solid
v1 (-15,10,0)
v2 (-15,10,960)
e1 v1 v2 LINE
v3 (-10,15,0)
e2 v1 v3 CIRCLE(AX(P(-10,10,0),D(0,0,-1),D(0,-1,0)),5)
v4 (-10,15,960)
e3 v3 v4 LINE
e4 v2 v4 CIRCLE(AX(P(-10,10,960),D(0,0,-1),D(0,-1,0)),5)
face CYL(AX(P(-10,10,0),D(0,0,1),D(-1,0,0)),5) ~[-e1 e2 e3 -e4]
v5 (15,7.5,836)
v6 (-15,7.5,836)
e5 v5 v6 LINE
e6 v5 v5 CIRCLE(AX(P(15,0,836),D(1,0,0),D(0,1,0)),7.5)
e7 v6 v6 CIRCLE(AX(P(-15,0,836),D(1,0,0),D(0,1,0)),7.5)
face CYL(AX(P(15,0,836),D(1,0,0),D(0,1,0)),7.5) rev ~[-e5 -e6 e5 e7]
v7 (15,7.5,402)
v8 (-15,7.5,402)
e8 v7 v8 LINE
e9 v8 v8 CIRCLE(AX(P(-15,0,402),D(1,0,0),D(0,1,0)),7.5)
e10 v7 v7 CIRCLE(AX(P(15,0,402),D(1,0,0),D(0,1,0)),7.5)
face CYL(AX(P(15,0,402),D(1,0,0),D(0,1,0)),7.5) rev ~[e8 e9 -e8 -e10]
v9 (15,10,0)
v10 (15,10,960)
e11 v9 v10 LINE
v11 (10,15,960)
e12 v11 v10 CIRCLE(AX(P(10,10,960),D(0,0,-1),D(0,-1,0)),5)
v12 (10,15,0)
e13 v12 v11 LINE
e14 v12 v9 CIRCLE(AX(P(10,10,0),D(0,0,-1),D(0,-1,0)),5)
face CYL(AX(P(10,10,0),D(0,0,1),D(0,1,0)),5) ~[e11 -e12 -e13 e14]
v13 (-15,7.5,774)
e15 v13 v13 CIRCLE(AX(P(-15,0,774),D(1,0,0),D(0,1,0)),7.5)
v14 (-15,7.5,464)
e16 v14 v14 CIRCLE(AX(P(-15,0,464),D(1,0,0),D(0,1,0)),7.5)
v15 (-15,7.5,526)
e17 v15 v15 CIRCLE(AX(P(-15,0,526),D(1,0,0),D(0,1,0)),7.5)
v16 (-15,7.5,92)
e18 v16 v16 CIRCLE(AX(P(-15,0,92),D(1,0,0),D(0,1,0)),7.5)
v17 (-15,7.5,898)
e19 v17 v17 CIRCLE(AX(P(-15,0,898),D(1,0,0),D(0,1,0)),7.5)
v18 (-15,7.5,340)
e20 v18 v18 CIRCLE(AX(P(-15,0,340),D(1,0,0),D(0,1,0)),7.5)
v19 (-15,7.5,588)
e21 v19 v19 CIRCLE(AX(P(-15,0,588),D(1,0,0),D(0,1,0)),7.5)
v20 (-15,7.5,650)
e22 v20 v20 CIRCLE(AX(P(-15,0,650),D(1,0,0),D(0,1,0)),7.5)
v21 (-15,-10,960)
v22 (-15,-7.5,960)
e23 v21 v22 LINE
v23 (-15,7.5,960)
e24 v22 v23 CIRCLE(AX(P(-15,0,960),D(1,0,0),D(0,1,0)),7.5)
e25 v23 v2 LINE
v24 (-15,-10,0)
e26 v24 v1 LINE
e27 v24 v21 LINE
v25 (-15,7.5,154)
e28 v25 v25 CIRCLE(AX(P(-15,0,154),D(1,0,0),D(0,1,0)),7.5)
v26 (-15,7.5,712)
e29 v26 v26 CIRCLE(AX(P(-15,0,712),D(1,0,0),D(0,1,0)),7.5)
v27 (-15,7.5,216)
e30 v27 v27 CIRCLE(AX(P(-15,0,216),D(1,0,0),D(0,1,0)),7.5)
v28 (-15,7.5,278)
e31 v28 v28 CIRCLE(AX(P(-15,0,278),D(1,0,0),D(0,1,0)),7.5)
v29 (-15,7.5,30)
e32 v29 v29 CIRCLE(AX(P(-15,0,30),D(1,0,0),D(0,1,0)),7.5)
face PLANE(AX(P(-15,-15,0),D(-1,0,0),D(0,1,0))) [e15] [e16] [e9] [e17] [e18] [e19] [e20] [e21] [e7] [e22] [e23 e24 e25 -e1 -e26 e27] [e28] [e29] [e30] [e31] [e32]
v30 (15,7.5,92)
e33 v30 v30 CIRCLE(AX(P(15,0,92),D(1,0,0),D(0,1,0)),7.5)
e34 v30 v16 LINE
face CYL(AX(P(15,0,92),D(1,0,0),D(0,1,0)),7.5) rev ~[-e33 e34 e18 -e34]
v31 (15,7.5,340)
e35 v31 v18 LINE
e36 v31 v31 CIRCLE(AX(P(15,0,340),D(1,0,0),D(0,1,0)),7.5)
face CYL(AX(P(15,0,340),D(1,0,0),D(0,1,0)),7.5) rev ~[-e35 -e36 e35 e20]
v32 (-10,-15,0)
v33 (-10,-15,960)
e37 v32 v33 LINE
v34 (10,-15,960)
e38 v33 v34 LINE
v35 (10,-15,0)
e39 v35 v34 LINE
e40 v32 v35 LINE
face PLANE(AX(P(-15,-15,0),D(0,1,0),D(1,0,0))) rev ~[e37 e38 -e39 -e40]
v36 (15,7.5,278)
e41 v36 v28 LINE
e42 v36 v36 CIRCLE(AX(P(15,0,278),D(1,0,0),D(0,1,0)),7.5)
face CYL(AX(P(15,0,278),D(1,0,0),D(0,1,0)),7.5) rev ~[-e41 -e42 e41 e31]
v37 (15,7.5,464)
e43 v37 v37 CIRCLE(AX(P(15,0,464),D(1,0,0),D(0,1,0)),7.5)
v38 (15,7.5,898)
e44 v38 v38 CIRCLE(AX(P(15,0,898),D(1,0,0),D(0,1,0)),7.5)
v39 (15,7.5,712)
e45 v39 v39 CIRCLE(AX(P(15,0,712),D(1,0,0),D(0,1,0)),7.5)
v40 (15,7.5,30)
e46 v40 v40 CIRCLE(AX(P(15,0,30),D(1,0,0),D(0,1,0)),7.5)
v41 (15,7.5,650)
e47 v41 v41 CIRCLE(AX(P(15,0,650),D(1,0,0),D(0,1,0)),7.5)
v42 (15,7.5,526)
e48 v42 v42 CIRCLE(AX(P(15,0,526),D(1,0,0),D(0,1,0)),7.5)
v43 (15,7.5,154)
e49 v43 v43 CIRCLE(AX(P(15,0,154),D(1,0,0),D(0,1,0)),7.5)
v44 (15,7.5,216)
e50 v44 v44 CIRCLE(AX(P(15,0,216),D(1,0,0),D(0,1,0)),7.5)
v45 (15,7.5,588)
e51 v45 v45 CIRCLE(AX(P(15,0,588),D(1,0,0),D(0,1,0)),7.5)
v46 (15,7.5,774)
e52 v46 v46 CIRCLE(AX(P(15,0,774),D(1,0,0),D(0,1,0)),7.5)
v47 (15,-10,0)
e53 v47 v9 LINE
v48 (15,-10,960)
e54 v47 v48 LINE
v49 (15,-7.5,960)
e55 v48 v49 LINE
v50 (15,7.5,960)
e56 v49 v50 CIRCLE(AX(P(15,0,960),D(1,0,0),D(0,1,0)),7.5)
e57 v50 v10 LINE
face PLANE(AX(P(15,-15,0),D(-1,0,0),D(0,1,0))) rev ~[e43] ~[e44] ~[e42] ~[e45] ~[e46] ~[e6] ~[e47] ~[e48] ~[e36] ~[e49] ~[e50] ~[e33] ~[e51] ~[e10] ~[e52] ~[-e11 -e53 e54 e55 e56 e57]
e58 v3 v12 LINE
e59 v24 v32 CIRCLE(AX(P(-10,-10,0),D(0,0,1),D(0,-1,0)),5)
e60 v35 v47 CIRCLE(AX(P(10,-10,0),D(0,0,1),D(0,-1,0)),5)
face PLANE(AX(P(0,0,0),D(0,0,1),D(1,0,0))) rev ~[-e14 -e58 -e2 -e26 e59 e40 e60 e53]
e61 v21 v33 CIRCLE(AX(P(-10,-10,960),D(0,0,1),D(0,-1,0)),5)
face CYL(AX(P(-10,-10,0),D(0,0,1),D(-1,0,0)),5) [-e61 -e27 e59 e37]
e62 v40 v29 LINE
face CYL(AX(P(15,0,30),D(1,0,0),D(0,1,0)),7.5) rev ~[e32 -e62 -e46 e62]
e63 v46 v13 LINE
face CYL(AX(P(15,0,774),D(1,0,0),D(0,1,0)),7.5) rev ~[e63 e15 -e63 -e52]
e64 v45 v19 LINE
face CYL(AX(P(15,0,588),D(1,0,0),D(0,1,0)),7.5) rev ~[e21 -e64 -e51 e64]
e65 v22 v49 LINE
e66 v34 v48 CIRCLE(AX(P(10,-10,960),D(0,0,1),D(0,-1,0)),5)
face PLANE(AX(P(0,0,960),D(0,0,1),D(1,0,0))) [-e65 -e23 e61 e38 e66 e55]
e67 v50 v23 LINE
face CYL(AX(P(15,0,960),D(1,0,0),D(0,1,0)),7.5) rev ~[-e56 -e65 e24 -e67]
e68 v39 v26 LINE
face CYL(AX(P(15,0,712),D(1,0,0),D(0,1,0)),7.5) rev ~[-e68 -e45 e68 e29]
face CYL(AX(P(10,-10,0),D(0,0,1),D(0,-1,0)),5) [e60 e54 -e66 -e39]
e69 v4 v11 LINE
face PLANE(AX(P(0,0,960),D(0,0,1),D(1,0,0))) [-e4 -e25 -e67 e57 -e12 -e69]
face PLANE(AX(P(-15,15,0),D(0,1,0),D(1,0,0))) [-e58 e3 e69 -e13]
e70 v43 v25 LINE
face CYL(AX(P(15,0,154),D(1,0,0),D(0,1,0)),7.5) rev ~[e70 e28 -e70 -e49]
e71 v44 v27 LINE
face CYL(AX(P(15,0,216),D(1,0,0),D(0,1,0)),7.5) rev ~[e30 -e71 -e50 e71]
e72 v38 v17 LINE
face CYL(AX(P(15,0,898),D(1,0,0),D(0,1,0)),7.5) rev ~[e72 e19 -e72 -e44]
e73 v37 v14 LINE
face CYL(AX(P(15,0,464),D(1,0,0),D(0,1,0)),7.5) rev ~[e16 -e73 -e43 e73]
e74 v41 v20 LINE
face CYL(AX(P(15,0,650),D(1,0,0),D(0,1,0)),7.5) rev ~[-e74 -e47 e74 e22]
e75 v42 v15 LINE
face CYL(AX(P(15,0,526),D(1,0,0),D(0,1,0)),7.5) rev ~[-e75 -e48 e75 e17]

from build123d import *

# Parameters (mm, degrees)
F0_W     = 30
F0_H     = 30
F1_DEPTH = 960
F2_R     = 7.5
F3_DEPTH = 30.001
F4_R     = 5


with BuildPart() as f1:
    # F0 (on Top) → F1 (new body)
    with BuildSketch(Plane.XY):
        Rectangle(F0_W, F0_H)
    extrude(amount=F1_DEPTH)

    # F2 (on face) → F3 (cut, through all)
    with BuildSketch(Plane.YZ.offset(15)):
        with Locations((0, 30)):
            Circle(F2_R)
        with Locations((0, 92)):
            Circle(F2_R)
        with Locations((0, 154)):
            Circle(F2_R)
        with Locations((0, 216)):
            Circle(F2_R)
        with Locations((0, 278)):
            Circle(F2_R)
        with Locations((0, 340)):
            Circle(F2_R)
        with Locations((0, 402)):
            Circle(F2_R)
        with Locations((0, 464)):
            Circle(F2_R)
        with Locations((0, 526)):
            Circle(F2_R)
        with Locations((0, 588)):
            Circle(F2_R)
        with Locations((0, 650)):
            Circle(F2_R)
        with Locations((0, 712)):
            Circle(F2_R)
        with Locations((0, 774)):
            Circle(F2_R)
        with Locations((0, 836)):
            Circle(F2_R)
        with Locations((0, 898)):
            Circle(F2_R)
        with Locations((0, 960)):
            Circle(F2_R)
        with Locations((0, 1022)):
            Circle(F2_R)
        with Locations((0, 1084)):
            Circle(F2_R)
        with Locations((0, 1146)):
            Circle(F2_R)
        with Locations((0, 1208)):
            Circle(F2_R)
        with Locations((0, 1270)):
            Circle(F2_R)
        with Locations((0, 1332)):
            Circle(F2_R)
        with Locations((0, 1394)):
            Circle(F2_R)
        with Locations((0, 1456)):
            Circle(F2_R)
        with Locations((0, 1518)):
            Circle(F2_R)
        with Locations((0, 1580)):
            Circle(F2_R)
        with Locations((0, 1642)):
            Circle(F2_R)
        with Locations((0, 1704)):
            Circle(F2_R)
    extrude(amount=-F3_DEPTH, mode=Mode.SUBTRACT)

    # F4
    f4_edges = [f1.edges().sort_by_distance(p)[0] for p in [
        (15, -15, 480),
        (-15, -15, 480),
        (15, 15, 480),
        (-15, 15, 480),
    ]]
    fillet(f4_edges, radius=F4_R)


solid = f1.part
